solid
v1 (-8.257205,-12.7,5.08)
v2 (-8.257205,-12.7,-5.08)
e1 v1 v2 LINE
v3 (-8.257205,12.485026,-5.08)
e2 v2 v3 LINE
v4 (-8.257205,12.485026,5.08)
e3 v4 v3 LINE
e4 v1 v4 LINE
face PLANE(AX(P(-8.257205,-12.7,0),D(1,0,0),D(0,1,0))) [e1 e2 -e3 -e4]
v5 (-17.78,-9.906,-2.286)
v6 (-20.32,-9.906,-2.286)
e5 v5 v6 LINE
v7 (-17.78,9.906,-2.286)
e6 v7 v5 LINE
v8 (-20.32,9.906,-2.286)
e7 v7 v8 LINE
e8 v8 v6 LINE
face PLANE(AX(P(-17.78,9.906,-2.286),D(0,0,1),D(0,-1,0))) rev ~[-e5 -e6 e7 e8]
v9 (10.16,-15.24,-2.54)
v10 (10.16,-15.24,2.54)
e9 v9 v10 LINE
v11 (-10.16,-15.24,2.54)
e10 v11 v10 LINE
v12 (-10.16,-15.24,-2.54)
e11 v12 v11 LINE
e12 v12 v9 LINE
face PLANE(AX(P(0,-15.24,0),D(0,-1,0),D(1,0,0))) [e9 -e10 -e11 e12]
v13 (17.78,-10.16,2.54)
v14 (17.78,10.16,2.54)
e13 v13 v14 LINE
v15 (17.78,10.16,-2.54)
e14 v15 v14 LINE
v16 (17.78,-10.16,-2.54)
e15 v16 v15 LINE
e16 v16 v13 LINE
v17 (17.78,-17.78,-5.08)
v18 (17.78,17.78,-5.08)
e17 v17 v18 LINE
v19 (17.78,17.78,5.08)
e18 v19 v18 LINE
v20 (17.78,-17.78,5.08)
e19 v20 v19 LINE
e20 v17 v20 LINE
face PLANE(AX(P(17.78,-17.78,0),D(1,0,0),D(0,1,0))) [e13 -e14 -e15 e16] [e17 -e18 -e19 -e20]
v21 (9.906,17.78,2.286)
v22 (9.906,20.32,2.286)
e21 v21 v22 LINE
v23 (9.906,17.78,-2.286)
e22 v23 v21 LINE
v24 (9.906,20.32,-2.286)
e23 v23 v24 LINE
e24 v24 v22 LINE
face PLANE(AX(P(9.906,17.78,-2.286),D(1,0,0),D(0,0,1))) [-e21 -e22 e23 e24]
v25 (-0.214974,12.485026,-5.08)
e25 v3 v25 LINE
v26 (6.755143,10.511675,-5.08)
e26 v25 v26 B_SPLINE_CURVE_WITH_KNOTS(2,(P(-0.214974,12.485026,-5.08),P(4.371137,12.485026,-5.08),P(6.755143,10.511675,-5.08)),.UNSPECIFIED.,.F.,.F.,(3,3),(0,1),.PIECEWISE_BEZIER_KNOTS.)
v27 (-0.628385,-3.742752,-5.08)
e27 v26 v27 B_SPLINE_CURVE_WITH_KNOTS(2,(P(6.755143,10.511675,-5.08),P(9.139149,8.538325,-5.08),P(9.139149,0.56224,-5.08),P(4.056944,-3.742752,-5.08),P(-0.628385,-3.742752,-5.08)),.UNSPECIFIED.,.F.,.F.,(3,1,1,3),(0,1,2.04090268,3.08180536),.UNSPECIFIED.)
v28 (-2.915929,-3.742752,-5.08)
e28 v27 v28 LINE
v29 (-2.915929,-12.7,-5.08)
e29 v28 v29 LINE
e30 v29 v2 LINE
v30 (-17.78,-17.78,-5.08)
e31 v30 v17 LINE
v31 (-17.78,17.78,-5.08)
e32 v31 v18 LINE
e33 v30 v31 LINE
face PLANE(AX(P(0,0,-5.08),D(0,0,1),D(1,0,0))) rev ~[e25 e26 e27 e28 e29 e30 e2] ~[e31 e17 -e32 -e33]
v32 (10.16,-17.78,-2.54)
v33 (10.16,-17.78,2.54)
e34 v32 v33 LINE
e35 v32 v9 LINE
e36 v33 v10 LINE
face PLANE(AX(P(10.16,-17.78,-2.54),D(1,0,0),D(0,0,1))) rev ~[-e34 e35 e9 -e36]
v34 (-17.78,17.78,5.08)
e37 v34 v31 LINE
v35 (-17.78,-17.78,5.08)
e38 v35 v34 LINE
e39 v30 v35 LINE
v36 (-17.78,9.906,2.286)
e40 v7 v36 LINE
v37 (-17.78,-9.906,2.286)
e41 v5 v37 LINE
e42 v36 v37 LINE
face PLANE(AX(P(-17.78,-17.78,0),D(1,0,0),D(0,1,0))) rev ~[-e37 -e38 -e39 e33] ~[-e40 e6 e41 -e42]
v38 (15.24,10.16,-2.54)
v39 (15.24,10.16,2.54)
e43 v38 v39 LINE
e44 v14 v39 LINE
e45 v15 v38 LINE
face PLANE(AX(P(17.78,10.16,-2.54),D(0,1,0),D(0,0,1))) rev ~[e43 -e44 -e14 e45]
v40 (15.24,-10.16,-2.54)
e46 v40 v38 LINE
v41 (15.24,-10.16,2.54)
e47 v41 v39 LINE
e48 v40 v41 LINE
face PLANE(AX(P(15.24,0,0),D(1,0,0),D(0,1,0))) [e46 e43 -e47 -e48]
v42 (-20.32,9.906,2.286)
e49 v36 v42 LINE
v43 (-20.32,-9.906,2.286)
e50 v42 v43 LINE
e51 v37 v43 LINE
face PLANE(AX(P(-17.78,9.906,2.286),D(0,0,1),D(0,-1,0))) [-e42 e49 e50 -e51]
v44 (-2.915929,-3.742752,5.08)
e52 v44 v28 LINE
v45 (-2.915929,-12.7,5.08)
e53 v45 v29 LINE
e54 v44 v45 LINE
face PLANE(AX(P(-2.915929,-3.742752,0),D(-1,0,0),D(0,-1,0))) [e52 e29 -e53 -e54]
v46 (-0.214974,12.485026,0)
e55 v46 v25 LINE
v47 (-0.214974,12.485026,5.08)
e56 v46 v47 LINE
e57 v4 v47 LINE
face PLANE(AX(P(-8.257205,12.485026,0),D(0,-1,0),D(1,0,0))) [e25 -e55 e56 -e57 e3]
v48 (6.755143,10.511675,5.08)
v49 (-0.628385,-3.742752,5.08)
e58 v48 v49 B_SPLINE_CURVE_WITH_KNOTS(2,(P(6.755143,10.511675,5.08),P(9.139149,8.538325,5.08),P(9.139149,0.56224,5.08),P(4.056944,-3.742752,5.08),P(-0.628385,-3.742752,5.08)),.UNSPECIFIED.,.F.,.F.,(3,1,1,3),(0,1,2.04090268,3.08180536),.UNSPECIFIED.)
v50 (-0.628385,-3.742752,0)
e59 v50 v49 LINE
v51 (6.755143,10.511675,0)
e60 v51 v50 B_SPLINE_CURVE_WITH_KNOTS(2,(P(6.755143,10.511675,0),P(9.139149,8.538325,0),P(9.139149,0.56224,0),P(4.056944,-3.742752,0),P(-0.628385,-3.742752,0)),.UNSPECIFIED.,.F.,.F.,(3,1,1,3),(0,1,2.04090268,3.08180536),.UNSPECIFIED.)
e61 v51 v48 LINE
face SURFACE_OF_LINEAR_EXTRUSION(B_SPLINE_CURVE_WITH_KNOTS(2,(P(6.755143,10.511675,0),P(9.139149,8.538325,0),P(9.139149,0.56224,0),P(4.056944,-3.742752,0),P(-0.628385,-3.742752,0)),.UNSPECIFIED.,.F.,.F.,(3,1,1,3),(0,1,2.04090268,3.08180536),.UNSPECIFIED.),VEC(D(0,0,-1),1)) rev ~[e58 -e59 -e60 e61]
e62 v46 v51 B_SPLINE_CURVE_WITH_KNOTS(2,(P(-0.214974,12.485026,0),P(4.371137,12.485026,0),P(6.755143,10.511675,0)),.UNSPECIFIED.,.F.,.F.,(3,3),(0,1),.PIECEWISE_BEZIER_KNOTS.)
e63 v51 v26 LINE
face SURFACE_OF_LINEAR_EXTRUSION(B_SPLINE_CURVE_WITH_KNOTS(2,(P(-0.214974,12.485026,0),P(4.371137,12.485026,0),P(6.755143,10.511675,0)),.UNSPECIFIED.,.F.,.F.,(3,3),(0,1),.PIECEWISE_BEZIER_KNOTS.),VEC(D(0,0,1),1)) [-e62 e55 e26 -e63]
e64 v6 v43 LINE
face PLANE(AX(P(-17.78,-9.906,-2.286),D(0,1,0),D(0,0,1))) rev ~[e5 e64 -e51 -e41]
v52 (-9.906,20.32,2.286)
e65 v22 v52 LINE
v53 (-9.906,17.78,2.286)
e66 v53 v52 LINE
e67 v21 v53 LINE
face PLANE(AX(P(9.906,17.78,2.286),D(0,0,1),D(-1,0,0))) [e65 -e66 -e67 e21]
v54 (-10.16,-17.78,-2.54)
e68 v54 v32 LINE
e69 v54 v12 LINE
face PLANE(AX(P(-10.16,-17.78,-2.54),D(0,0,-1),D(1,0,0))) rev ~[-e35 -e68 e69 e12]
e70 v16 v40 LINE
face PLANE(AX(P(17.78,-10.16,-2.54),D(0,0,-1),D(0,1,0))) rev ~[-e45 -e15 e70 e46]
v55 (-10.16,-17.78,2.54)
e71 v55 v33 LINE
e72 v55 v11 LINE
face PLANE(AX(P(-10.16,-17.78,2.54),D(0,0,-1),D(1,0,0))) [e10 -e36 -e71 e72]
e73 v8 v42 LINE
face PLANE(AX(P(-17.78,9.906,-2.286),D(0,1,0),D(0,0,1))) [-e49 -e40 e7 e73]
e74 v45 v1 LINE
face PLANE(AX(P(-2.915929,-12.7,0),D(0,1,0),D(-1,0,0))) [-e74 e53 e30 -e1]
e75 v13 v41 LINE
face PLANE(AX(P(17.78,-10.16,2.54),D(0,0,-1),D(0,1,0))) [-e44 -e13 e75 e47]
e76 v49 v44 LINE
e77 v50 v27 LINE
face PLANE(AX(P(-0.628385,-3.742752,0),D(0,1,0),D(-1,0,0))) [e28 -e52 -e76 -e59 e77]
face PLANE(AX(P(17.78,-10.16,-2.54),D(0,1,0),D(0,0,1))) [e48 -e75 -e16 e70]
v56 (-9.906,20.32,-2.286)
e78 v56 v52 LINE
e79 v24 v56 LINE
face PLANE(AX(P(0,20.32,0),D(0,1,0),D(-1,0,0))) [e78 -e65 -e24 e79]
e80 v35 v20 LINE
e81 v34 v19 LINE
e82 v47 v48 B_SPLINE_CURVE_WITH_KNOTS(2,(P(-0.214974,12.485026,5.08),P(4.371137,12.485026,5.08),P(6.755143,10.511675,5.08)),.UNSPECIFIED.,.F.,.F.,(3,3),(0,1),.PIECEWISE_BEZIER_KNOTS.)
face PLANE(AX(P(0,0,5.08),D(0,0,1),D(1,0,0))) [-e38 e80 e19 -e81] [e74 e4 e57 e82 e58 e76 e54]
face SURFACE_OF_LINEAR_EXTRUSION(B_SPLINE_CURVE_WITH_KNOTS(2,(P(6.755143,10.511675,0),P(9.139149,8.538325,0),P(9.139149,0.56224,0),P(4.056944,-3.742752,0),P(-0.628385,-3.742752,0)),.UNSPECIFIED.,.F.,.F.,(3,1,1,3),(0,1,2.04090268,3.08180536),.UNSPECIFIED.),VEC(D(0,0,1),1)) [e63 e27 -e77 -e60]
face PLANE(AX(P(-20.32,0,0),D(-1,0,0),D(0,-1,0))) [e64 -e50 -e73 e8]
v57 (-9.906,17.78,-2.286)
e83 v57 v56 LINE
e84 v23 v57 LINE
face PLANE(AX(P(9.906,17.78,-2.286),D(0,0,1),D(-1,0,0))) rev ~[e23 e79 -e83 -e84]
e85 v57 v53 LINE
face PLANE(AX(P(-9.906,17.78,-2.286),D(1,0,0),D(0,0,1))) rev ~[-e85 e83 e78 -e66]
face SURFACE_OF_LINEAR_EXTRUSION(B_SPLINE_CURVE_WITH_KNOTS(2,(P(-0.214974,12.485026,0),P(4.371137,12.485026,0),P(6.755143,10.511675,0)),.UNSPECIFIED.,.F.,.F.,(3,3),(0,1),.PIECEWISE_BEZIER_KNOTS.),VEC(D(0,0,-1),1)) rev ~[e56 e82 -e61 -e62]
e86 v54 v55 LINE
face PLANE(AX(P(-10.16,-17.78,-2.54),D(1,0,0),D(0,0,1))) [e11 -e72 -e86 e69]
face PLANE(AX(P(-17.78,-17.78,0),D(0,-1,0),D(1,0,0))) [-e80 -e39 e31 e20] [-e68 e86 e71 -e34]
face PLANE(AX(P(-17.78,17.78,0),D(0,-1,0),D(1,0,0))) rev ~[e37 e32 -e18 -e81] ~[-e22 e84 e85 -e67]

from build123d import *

# Parameters (mm, degrees)
F0_W     = 35.56
F0_H     = 35.56
F1_DEPTH = 5.08
F2_W     = 19.812
F2_H     = 4.572
F3_DEPTH = 2.54
F4_W     = 19.812
F4_H     = 4.572
F5_DEPTH = 2.54
F6_W     = 20.32
F6_H     = 5.08
F7_DEPTH = 2.54
F8_W     = 20.32
F8_H     = 5.08
F9_DEPTH = 2.54


with BuildPart() as f1:
    # F0 (on Top) → F1 (new body, symmetric)
    with BuildSketch(Plane.XY):
        Rectangle(F0_W, F0_H)
        with BuildLine():
            add(Edge.make_bspline(
                [(6.7551432292, 10.5116753472), (9.1391493056, 8.5383246528), (9.1391493056, 4.6302083333)],
                knots=[0, 0, 0, 1, 1, 1], degree=2))
            add(Edge.make_bspline(
                [(9.1391493056, 4.6302083333), (9.1391493056, 0.5622395833), (6.598046875, -1.5902560764)],
                knots=[0, 0, 0, 1, 1, 1], degree=2))
            add(Edge.make_bspline(
                [(6.598046875, -1.5902560764), (4.0569444444, -3.7427517361), (-0.6283854167, -3.7427517361)],
                knots=[0, 0, 0, 1, 1, 1], degree=2))
            Line((-0.6283854167, -3.7427517361), (-2.9159288194, -3.7427517361))
            Line((-2.9159288194, -3.7427517361), (-2.9159288194, -12.7))
            Line((-2.9159288194, -12.7), (-8.2572048611, -12.7))
            Line((-8.2572048611, -12.7), (-8.2572048611, 12.4850260417))
            Line((-8.2572048611, 12.4850260417), (-0.2149739583, 12.4850260417))
            add(Edge.make_bspline(
                [(-0.2149739583, 12.4850260417), (4.3711371528, 12.4850260417), (6.7551432292, 10.5116753472)],
                knots=[0, 0, 0, 1, 1, 1], degree=2))
        make_face(mode=Mode.SUBTRACT)
    extrude(amount=F1_DEPTH, both=True)

    # F2 (on face) → F3 (join)
    with BuildSketch(Plane(origin=(0, 17.78, 0), x_dir=(-1, 0, 0), z_dir=(0, 1, 0))):
        Rectangle(F2_W, F2_H)
    extrude(amount=F3_DEPTH)

    # F4 (on face) → F5 (join)
    with BuildSketch(Plane(origin=(-17.78, 0, 0), x_dir=(0, -1, 0), z_dir=(-1, 0, 0))):
        Rectangle(F4_W, F4_H)
    extrude(amount=F5_DEPTH)

    # F6 (on face) → F7 (cut)
    with BuildSketch(Plane.XZ.offset(17.78)):
        Rectangle(F6_W, F6_H)
    extrude(amount=-F7_DEPTH, mode=Mode.SUBTRACT)

    # F8 (on face) → F9 (cut)
    with BuildSketch(Plane.YZ.offset(17.78)):
        Rectangle(F8_W, F8_H)
    extrude(amount=-F9_DEPTH, mode=Mode.SUBTRACT)


solid = f1.part
